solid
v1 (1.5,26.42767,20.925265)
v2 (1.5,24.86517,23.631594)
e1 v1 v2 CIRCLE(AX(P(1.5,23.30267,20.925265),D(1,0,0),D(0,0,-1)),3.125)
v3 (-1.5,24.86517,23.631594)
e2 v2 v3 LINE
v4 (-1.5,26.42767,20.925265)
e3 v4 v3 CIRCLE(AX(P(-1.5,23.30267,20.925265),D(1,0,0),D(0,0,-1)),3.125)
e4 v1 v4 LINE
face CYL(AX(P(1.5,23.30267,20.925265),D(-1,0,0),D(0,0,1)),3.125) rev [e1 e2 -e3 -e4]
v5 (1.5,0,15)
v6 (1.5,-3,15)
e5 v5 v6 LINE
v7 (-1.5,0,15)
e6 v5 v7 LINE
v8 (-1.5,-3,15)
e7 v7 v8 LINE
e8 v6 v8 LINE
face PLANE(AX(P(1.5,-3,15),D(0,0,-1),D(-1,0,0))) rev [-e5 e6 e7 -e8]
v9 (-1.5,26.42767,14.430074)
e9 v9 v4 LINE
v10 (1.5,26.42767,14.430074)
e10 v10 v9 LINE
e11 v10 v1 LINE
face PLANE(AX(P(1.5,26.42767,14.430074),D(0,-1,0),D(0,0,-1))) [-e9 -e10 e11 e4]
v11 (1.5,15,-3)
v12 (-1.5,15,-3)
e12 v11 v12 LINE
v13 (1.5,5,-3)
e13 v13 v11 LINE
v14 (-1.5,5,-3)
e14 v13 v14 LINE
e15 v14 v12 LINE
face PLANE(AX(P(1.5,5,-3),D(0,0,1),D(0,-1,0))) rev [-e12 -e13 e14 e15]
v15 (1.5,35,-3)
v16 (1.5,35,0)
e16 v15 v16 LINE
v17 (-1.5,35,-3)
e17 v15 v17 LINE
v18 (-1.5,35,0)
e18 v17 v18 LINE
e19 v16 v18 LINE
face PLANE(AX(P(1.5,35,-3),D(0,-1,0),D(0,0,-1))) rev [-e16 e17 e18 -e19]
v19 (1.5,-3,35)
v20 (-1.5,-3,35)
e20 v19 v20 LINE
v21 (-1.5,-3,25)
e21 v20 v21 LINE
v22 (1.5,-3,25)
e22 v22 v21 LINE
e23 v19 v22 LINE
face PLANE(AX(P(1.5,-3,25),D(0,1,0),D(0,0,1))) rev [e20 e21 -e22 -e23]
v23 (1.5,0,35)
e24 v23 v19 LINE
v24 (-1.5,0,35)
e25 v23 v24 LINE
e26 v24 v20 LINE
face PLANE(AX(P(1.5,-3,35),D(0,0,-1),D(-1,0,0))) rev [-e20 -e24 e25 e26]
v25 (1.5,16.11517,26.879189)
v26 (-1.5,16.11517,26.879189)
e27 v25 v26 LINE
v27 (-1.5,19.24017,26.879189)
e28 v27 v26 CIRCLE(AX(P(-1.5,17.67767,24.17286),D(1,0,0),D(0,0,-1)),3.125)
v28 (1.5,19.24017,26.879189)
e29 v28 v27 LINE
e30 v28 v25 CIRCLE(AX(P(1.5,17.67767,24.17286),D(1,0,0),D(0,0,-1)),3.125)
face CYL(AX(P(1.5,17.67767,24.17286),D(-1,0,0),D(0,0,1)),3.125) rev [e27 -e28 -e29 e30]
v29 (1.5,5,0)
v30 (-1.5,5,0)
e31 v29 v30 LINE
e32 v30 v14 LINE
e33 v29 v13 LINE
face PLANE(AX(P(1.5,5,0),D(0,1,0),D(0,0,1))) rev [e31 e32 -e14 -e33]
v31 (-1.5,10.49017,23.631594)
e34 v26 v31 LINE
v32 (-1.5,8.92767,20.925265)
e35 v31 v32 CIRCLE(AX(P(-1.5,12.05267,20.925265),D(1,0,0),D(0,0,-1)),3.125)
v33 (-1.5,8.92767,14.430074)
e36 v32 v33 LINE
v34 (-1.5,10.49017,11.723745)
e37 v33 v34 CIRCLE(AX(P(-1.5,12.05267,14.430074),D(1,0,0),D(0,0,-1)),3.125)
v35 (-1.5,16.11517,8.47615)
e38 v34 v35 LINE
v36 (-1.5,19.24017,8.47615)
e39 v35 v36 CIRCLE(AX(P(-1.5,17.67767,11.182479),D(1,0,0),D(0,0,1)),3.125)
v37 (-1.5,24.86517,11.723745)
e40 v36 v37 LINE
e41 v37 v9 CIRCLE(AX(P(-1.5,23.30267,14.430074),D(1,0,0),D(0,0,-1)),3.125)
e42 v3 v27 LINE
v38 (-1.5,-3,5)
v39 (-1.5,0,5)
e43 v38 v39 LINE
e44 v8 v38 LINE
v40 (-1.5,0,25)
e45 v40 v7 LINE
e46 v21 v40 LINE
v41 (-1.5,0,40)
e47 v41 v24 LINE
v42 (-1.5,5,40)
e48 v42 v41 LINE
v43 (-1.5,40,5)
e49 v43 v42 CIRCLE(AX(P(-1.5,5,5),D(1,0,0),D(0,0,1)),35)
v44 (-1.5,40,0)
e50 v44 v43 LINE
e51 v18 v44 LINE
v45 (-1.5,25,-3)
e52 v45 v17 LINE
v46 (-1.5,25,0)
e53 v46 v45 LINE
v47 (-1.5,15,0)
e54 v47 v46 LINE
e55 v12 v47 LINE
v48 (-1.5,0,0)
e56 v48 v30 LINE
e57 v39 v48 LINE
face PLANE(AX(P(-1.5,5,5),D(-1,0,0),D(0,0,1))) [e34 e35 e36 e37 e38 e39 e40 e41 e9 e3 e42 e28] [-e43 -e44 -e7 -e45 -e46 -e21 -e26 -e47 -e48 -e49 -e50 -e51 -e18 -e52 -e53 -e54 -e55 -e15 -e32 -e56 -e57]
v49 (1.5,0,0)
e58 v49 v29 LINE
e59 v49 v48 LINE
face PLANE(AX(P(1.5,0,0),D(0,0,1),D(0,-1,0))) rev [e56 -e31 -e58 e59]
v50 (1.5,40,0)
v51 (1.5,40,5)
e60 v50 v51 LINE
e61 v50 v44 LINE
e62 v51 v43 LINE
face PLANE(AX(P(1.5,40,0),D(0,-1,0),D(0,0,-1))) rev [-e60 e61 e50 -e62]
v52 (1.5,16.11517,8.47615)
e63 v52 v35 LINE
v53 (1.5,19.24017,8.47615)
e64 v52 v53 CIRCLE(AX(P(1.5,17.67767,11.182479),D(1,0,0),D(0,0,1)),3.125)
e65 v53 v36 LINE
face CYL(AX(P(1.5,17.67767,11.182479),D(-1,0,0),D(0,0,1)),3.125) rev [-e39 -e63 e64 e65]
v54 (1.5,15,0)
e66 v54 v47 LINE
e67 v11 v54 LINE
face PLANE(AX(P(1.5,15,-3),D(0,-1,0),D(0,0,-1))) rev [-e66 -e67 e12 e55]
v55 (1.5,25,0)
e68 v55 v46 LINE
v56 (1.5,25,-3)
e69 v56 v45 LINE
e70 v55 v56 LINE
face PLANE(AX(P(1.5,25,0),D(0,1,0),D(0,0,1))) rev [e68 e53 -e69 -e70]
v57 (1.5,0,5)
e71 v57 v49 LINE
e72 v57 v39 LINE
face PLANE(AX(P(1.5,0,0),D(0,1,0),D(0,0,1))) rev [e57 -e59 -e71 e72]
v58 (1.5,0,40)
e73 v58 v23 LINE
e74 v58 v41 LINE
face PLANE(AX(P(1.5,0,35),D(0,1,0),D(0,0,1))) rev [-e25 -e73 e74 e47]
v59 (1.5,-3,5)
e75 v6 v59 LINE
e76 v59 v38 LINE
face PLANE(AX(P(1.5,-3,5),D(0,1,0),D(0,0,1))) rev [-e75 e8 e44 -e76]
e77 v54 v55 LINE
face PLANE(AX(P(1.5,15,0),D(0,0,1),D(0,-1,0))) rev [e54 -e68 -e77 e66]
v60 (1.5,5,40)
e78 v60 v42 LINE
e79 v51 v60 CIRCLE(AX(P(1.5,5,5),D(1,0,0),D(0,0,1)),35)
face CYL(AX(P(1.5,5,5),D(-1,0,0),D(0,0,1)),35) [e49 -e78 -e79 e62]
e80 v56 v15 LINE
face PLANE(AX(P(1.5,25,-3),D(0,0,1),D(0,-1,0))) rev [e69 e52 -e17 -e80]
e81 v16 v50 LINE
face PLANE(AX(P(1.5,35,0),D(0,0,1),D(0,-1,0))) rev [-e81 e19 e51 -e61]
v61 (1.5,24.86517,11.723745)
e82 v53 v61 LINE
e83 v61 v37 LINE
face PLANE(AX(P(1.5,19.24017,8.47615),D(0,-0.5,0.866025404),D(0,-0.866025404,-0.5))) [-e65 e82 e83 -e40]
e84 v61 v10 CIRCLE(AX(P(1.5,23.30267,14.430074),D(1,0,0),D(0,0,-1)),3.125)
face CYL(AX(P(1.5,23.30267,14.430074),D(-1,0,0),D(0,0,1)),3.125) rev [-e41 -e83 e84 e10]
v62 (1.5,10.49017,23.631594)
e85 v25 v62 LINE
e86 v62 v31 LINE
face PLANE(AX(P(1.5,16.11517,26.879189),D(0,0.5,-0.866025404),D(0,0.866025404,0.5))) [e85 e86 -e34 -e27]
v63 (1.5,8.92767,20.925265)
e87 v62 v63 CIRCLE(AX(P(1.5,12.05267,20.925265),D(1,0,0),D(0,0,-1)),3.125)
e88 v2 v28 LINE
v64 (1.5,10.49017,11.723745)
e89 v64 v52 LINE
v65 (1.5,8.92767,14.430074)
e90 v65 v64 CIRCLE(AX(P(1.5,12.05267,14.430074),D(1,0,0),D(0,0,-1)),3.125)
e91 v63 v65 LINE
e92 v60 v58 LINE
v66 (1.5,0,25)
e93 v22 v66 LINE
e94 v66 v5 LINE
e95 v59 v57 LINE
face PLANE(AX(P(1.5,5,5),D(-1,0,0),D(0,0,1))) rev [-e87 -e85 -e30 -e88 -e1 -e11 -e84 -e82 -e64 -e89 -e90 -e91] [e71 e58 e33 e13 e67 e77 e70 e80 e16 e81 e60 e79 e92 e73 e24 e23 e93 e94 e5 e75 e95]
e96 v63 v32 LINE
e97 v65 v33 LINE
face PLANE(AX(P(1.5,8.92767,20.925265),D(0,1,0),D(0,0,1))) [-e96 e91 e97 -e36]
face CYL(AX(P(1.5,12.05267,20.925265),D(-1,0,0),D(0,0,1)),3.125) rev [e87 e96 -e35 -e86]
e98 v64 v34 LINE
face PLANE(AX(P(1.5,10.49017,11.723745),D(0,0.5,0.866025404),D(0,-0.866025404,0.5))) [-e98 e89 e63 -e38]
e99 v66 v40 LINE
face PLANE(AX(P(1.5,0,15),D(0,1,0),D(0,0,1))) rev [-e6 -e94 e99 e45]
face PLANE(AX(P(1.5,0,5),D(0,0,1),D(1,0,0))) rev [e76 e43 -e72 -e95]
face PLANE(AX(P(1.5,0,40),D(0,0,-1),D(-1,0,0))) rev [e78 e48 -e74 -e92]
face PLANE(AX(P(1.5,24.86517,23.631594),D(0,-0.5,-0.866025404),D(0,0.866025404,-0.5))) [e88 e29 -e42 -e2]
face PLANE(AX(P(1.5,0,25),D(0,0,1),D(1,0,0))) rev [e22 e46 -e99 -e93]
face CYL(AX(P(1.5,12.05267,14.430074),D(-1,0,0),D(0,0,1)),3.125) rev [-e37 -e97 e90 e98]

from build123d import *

# Parameters (mm, degrees)
BOSS_EXTRUDE1_DEPTH = 1.5


with BuildPart() as part:
    # Sketch1 → Boss-Extrude1 (new, symmetric)
    with BuildSketch(Plane(origin=(0, 0, 0), x_dir=(0, 0, -1), z_dir=(1, 0, 0))):
        with BuildLine():
            Line((0, 0), (-5, 0))
            Line((-5, 0), (-5, -3))
            Line((-5, -3), (-15, -3))
            Line((-15, -3), (-15, 0))
            Line((-15, 0), (-25, 0))
            Line((-25, 0), (-25, -3))
            Line((-25, -3), (-35, -3))
            Line((-35, -3), (-35, 0))
            Line((-35, 0), (-40, 0))
            Line((-40, 0), (-40, 5))
            ThreePointArc((-40, 5), (-29.748737342, 29.748737342), (-5, 40))
            Line((-5, 40), (0, 40))
            Line((0, 40), (0, 35))
            Line((0, 35), (3, 35))
            Line((3, 35), (3, 25))
            Line((3, 25), (0, 25))
            Line((0, 25), (0, 15))
            Line((0, 15), (3, 15))
            Line((3, 15), (3, 5))
            Line((3, 5), (0, 5))
            Line((0, 5), (0, 0))
        make_face()
        with BuildLine():
            Line((-8.476149614, 19.24016953), (-11.723744879, 24.86516953))
            ThreePointArc((-11.723744879, 24.86516953), (-12.867574265, 26.008998916), (-14.430074265, 26.42766953))
            Line((-14.430074265, 26.42766953), (-20.925264794, 26.42766953))
            ThreePointArc((-20.925264794, 26.42766953), (-22.487764794, 26.008998916), (-23.631594181, 24.86516953))
            Line((-23.631594181, 24.86516953), (-26.879189445, 19.24016953))
            ThreePointArc((-26.879189445, 19.24016953), (-27.297860058, 17.67766953), (-26.879189445, 16.11516953))
            Line((-26.879189445, 16.11516953), (-23.631594181, 10.49016953))
            ThreePointArc((-23.631594181, 10.49016953), (-22.487764794, 9.346340143), (-20.925264794, 8.92766953))
            Line((-20.925264794, 8.92766953), (-14.430074265, 8.92766953))
            ThreePointArc((-14.430074265, 8.92766953), (-12.867574265, 9.346340143), (-11.723744879, 10.49016953))
            Line((-11.723744879, 10.49016953), (-8.476149614, 16.11516953))
            ThreePointArc((-8.476149614, 16.11516953), (-8.057479001, 17.67766953), (-8.476149614, 19.24016953))
        make_face(mode=Mode.SUBTRACT)
    extrude(amount=BOSS_EXTRUDE1_DEPTH, both=True)


solid = part.part
